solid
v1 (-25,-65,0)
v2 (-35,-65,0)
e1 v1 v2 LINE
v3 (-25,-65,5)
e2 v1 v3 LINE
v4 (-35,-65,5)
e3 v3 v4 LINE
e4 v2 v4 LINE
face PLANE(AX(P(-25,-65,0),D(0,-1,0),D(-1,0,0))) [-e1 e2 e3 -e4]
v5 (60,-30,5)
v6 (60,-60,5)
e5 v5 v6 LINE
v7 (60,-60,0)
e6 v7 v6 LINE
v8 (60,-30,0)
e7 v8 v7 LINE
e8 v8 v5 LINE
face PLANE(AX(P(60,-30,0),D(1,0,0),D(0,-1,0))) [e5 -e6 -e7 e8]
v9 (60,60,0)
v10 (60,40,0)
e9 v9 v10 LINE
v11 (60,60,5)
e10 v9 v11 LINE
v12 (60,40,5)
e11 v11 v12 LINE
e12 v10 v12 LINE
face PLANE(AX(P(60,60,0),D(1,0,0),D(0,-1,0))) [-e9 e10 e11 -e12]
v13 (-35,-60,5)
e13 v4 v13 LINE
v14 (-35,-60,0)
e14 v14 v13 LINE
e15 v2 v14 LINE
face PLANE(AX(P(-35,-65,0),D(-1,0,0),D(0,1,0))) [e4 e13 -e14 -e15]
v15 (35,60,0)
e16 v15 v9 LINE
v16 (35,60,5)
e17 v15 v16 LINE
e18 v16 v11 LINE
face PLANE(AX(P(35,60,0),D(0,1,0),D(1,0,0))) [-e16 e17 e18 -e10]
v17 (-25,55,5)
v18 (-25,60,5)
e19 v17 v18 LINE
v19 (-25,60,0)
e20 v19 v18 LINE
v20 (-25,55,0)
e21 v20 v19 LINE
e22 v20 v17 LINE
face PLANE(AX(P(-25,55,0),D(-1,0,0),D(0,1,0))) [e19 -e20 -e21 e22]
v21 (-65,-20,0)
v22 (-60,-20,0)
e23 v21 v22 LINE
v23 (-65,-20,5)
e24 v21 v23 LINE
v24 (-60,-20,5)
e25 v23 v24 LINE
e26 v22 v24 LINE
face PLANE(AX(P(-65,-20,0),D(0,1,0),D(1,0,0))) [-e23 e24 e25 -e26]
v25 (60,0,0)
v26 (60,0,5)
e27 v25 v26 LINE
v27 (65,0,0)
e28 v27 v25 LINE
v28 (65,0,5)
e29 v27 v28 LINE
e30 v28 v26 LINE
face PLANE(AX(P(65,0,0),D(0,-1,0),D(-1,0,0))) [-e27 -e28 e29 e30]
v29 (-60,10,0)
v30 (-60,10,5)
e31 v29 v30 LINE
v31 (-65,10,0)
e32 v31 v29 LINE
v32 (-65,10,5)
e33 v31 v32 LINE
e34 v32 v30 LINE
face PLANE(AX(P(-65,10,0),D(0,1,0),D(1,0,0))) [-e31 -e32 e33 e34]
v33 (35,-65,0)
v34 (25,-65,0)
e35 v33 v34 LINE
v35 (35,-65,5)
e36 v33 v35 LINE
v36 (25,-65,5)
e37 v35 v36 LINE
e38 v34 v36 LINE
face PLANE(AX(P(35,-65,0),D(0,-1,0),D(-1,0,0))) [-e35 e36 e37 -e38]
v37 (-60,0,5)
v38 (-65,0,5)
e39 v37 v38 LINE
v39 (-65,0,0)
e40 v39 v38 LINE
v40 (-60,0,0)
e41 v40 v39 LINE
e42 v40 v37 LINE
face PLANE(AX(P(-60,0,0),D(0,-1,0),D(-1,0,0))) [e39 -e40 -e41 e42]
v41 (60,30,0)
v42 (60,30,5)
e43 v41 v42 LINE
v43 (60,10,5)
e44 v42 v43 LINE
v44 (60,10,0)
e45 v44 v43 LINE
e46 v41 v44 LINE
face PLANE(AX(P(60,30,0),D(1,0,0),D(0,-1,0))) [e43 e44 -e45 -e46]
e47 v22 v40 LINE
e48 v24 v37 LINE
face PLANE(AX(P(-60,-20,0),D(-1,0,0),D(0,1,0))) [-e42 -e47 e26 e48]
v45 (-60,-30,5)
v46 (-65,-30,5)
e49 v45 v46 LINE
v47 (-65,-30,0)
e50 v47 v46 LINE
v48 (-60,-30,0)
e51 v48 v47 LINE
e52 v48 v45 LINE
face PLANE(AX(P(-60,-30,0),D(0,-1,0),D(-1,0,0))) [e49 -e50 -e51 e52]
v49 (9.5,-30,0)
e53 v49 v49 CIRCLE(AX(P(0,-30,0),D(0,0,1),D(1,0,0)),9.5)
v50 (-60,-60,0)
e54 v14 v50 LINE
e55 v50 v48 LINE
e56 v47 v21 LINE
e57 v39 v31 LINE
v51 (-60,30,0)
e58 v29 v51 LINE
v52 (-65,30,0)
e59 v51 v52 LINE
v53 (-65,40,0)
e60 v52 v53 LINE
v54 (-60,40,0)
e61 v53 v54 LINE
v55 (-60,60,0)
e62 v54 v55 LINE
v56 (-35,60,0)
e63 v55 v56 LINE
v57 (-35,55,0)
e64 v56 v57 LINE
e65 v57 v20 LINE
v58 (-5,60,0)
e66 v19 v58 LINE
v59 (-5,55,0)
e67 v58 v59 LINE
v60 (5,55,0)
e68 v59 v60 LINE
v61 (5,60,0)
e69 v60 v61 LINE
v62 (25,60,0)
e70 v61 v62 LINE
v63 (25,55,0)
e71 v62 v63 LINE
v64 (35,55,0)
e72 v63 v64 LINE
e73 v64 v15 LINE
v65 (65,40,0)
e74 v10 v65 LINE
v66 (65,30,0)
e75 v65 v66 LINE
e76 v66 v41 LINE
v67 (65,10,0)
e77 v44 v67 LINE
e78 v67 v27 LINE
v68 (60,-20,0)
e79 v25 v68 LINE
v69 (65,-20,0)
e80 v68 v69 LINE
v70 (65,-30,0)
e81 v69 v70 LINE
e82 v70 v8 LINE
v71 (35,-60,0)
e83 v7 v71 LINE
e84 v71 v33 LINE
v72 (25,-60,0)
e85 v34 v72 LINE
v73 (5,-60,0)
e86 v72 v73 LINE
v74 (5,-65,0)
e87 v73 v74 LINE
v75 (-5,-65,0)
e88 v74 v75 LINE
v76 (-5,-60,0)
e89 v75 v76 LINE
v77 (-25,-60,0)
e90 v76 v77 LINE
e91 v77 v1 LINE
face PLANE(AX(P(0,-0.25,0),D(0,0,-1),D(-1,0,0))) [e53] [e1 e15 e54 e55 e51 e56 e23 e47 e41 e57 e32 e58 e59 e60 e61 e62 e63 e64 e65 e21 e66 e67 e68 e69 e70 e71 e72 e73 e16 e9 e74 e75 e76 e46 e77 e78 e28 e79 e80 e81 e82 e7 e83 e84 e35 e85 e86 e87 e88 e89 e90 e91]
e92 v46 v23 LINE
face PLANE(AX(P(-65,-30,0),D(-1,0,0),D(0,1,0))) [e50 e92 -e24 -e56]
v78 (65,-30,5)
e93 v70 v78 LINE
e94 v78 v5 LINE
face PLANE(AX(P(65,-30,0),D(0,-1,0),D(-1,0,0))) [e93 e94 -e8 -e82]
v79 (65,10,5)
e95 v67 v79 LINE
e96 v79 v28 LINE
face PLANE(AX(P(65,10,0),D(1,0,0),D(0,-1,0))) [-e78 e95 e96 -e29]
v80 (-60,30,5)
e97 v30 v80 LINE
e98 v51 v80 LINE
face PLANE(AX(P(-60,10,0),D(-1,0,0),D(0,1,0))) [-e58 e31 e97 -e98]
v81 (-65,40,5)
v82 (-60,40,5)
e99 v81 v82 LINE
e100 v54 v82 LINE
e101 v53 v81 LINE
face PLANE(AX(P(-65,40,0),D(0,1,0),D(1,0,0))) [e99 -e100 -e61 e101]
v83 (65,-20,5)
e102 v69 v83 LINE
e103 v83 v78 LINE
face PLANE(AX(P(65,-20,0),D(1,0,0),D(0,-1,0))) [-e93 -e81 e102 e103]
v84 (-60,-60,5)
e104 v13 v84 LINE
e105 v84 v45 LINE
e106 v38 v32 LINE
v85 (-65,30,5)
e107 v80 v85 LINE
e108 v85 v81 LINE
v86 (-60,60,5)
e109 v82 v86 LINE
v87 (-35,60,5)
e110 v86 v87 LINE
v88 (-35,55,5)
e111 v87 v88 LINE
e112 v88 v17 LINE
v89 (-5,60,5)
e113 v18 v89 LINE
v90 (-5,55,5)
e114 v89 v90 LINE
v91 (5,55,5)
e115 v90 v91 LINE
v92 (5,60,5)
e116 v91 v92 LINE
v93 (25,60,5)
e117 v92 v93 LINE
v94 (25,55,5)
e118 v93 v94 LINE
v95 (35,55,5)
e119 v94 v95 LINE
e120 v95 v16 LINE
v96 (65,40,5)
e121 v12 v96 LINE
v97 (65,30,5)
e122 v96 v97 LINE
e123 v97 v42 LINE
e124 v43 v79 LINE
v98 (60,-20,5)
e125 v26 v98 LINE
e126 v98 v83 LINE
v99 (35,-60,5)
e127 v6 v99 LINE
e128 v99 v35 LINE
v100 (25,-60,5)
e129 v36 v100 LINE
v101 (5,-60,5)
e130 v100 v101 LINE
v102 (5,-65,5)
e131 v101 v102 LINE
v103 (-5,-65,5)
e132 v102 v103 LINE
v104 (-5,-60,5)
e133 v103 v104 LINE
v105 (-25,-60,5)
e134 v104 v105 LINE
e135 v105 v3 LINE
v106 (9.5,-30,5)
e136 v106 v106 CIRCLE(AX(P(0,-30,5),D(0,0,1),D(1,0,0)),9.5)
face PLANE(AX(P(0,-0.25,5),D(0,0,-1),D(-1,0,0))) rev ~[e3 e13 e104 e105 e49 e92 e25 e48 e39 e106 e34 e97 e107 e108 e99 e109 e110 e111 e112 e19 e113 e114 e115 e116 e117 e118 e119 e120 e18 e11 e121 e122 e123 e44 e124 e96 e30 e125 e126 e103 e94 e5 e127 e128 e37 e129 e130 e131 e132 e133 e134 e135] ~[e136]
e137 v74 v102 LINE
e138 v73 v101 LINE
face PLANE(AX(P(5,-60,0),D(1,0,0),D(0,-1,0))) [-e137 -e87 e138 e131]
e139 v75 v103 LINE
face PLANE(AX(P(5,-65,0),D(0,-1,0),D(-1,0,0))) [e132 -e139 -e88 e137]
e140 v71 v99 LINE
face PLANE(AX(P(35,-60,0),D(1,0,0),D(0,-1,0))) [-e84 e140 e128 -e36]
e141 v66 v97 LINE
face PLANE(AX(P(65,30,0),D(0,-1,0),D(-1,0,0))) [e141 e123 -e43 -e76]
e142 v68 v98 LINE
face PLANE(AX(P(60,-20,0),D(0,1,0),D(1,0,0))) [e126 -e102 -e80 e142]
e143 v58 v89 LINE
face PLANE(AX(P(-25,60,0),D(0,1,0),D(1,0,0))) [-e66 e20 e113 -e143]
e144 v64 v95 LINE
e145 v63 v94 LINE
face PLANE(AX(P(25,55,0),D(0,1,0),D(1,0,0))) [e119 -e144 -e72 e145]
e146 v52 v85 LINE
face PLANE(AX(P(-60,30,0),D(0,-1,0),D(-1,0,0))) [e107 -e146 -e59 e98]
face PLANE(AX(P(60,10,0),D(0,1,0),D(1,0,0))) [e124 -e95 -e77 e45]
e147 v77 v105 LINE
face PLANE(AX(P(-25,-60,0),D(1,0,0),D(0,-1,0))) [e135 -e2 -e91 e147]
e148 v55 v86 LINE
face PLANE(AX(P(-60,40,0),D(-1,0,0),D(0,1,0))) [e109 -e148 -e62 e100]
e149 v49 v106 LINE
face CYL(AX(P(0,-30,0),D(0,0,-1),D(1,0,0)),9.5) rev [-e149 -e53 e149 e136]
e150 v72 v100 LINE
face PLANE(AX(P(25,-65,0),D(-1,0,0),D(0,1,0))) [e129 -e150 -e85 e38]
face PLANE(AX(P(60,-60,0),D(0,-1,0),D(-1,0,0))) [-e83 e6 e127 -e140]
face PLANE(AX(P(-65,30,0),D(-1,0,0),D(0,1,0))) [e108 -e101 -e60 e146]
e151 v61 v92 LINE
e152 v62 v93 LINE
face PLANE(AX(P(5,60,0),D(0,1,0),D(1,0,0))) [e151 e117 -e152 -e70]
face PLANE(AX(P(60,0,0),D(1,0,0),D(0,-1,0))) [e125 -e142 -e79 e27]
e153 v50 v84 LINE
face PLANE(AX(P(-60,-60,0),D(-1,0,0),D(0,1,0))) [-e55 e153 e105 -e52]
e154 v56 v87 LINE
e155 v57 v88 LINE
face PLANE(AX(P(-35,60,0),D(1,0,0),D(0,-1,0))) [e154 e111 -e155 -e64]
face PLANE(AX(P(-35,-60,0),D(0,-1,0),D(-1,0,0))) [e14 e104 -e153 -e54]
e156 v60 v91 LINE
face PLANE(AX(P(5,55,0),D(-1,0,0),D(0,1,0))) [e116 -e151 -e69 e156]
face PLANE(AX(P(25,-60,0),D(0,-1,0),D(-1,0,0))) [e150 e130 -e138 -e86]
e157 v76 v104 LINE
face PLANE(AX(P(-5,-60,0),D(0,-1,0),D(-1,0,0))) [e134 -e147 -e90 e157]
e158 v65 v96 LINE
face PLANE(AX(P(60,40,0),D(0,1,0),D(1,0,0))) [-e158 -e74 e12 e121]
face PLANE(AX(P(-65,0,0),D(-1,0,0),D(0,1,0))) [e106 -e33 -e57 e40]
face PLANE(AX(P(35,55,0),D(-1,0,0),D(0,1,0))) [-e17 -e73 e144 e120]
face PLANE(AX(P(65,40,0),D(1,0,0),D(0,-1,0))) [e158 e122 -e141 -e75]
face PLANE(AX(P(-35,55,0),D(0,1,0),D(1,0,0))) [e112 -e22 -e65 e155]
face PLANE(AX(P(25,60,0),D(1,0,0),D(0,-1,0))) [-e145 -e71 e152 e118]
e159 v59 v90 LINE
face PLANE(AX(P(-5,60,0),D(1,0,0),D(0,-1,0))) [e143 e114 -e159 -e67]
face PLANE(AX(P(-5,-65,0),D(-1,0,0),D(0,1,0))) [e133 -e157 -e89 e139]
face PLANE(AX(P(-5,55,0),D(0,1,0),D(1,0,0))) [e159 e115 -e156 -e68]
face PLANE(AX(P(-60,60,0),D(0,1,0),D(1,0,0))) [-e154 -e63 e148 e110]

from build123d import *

# Parameters (mm, degrees)
SKETCH1_R           = 9.5
BOSS_EXTRUDE1_DEPTH = 5


with BuildPart() as part:
    # Sketch1 → Boss-Extrude1 (new body)
    with BuildSketch(Plane.XY):
        Polygon((-35, 60), (-35, 55), (-25, 55), (-25, 60), (-5, 60), (-5, 55), (5, 55), (5, 60), (25, 60), (25, 55), (35, 55), (35, 60), (60, 60), (60, 40), (65, 40), (65, 30), (60, 30), (60, 10), (65, 10), (65, 0), (60, 0), (60, -20), (65, -20), (65, -30), (60, -30), (60, -60), (35, -60), (35, -65), (25, -65), (25, -60), (5, -60), (5, -65), (-5, -65), (-5, -60), (-25, -60), (-25, -65), (-35, -65), (-35, -60), (-60, -60), (-60, -30), (-65, -30), (-65, -20), (-60, -20), (-60, 0), (-65, 0), (-65, 10), (-60, 10), (-60, 30), (-65, 30), (-65, 40), (-60, 40), (-60, 60), align=None)
        with Locations((0, -30)):
            Circle(SKETCH1_R, mode=Mode.SUBTRACT)
    extrude(amount=BOSS_EXTRUDE1_DEPTH)


solid = part.part
